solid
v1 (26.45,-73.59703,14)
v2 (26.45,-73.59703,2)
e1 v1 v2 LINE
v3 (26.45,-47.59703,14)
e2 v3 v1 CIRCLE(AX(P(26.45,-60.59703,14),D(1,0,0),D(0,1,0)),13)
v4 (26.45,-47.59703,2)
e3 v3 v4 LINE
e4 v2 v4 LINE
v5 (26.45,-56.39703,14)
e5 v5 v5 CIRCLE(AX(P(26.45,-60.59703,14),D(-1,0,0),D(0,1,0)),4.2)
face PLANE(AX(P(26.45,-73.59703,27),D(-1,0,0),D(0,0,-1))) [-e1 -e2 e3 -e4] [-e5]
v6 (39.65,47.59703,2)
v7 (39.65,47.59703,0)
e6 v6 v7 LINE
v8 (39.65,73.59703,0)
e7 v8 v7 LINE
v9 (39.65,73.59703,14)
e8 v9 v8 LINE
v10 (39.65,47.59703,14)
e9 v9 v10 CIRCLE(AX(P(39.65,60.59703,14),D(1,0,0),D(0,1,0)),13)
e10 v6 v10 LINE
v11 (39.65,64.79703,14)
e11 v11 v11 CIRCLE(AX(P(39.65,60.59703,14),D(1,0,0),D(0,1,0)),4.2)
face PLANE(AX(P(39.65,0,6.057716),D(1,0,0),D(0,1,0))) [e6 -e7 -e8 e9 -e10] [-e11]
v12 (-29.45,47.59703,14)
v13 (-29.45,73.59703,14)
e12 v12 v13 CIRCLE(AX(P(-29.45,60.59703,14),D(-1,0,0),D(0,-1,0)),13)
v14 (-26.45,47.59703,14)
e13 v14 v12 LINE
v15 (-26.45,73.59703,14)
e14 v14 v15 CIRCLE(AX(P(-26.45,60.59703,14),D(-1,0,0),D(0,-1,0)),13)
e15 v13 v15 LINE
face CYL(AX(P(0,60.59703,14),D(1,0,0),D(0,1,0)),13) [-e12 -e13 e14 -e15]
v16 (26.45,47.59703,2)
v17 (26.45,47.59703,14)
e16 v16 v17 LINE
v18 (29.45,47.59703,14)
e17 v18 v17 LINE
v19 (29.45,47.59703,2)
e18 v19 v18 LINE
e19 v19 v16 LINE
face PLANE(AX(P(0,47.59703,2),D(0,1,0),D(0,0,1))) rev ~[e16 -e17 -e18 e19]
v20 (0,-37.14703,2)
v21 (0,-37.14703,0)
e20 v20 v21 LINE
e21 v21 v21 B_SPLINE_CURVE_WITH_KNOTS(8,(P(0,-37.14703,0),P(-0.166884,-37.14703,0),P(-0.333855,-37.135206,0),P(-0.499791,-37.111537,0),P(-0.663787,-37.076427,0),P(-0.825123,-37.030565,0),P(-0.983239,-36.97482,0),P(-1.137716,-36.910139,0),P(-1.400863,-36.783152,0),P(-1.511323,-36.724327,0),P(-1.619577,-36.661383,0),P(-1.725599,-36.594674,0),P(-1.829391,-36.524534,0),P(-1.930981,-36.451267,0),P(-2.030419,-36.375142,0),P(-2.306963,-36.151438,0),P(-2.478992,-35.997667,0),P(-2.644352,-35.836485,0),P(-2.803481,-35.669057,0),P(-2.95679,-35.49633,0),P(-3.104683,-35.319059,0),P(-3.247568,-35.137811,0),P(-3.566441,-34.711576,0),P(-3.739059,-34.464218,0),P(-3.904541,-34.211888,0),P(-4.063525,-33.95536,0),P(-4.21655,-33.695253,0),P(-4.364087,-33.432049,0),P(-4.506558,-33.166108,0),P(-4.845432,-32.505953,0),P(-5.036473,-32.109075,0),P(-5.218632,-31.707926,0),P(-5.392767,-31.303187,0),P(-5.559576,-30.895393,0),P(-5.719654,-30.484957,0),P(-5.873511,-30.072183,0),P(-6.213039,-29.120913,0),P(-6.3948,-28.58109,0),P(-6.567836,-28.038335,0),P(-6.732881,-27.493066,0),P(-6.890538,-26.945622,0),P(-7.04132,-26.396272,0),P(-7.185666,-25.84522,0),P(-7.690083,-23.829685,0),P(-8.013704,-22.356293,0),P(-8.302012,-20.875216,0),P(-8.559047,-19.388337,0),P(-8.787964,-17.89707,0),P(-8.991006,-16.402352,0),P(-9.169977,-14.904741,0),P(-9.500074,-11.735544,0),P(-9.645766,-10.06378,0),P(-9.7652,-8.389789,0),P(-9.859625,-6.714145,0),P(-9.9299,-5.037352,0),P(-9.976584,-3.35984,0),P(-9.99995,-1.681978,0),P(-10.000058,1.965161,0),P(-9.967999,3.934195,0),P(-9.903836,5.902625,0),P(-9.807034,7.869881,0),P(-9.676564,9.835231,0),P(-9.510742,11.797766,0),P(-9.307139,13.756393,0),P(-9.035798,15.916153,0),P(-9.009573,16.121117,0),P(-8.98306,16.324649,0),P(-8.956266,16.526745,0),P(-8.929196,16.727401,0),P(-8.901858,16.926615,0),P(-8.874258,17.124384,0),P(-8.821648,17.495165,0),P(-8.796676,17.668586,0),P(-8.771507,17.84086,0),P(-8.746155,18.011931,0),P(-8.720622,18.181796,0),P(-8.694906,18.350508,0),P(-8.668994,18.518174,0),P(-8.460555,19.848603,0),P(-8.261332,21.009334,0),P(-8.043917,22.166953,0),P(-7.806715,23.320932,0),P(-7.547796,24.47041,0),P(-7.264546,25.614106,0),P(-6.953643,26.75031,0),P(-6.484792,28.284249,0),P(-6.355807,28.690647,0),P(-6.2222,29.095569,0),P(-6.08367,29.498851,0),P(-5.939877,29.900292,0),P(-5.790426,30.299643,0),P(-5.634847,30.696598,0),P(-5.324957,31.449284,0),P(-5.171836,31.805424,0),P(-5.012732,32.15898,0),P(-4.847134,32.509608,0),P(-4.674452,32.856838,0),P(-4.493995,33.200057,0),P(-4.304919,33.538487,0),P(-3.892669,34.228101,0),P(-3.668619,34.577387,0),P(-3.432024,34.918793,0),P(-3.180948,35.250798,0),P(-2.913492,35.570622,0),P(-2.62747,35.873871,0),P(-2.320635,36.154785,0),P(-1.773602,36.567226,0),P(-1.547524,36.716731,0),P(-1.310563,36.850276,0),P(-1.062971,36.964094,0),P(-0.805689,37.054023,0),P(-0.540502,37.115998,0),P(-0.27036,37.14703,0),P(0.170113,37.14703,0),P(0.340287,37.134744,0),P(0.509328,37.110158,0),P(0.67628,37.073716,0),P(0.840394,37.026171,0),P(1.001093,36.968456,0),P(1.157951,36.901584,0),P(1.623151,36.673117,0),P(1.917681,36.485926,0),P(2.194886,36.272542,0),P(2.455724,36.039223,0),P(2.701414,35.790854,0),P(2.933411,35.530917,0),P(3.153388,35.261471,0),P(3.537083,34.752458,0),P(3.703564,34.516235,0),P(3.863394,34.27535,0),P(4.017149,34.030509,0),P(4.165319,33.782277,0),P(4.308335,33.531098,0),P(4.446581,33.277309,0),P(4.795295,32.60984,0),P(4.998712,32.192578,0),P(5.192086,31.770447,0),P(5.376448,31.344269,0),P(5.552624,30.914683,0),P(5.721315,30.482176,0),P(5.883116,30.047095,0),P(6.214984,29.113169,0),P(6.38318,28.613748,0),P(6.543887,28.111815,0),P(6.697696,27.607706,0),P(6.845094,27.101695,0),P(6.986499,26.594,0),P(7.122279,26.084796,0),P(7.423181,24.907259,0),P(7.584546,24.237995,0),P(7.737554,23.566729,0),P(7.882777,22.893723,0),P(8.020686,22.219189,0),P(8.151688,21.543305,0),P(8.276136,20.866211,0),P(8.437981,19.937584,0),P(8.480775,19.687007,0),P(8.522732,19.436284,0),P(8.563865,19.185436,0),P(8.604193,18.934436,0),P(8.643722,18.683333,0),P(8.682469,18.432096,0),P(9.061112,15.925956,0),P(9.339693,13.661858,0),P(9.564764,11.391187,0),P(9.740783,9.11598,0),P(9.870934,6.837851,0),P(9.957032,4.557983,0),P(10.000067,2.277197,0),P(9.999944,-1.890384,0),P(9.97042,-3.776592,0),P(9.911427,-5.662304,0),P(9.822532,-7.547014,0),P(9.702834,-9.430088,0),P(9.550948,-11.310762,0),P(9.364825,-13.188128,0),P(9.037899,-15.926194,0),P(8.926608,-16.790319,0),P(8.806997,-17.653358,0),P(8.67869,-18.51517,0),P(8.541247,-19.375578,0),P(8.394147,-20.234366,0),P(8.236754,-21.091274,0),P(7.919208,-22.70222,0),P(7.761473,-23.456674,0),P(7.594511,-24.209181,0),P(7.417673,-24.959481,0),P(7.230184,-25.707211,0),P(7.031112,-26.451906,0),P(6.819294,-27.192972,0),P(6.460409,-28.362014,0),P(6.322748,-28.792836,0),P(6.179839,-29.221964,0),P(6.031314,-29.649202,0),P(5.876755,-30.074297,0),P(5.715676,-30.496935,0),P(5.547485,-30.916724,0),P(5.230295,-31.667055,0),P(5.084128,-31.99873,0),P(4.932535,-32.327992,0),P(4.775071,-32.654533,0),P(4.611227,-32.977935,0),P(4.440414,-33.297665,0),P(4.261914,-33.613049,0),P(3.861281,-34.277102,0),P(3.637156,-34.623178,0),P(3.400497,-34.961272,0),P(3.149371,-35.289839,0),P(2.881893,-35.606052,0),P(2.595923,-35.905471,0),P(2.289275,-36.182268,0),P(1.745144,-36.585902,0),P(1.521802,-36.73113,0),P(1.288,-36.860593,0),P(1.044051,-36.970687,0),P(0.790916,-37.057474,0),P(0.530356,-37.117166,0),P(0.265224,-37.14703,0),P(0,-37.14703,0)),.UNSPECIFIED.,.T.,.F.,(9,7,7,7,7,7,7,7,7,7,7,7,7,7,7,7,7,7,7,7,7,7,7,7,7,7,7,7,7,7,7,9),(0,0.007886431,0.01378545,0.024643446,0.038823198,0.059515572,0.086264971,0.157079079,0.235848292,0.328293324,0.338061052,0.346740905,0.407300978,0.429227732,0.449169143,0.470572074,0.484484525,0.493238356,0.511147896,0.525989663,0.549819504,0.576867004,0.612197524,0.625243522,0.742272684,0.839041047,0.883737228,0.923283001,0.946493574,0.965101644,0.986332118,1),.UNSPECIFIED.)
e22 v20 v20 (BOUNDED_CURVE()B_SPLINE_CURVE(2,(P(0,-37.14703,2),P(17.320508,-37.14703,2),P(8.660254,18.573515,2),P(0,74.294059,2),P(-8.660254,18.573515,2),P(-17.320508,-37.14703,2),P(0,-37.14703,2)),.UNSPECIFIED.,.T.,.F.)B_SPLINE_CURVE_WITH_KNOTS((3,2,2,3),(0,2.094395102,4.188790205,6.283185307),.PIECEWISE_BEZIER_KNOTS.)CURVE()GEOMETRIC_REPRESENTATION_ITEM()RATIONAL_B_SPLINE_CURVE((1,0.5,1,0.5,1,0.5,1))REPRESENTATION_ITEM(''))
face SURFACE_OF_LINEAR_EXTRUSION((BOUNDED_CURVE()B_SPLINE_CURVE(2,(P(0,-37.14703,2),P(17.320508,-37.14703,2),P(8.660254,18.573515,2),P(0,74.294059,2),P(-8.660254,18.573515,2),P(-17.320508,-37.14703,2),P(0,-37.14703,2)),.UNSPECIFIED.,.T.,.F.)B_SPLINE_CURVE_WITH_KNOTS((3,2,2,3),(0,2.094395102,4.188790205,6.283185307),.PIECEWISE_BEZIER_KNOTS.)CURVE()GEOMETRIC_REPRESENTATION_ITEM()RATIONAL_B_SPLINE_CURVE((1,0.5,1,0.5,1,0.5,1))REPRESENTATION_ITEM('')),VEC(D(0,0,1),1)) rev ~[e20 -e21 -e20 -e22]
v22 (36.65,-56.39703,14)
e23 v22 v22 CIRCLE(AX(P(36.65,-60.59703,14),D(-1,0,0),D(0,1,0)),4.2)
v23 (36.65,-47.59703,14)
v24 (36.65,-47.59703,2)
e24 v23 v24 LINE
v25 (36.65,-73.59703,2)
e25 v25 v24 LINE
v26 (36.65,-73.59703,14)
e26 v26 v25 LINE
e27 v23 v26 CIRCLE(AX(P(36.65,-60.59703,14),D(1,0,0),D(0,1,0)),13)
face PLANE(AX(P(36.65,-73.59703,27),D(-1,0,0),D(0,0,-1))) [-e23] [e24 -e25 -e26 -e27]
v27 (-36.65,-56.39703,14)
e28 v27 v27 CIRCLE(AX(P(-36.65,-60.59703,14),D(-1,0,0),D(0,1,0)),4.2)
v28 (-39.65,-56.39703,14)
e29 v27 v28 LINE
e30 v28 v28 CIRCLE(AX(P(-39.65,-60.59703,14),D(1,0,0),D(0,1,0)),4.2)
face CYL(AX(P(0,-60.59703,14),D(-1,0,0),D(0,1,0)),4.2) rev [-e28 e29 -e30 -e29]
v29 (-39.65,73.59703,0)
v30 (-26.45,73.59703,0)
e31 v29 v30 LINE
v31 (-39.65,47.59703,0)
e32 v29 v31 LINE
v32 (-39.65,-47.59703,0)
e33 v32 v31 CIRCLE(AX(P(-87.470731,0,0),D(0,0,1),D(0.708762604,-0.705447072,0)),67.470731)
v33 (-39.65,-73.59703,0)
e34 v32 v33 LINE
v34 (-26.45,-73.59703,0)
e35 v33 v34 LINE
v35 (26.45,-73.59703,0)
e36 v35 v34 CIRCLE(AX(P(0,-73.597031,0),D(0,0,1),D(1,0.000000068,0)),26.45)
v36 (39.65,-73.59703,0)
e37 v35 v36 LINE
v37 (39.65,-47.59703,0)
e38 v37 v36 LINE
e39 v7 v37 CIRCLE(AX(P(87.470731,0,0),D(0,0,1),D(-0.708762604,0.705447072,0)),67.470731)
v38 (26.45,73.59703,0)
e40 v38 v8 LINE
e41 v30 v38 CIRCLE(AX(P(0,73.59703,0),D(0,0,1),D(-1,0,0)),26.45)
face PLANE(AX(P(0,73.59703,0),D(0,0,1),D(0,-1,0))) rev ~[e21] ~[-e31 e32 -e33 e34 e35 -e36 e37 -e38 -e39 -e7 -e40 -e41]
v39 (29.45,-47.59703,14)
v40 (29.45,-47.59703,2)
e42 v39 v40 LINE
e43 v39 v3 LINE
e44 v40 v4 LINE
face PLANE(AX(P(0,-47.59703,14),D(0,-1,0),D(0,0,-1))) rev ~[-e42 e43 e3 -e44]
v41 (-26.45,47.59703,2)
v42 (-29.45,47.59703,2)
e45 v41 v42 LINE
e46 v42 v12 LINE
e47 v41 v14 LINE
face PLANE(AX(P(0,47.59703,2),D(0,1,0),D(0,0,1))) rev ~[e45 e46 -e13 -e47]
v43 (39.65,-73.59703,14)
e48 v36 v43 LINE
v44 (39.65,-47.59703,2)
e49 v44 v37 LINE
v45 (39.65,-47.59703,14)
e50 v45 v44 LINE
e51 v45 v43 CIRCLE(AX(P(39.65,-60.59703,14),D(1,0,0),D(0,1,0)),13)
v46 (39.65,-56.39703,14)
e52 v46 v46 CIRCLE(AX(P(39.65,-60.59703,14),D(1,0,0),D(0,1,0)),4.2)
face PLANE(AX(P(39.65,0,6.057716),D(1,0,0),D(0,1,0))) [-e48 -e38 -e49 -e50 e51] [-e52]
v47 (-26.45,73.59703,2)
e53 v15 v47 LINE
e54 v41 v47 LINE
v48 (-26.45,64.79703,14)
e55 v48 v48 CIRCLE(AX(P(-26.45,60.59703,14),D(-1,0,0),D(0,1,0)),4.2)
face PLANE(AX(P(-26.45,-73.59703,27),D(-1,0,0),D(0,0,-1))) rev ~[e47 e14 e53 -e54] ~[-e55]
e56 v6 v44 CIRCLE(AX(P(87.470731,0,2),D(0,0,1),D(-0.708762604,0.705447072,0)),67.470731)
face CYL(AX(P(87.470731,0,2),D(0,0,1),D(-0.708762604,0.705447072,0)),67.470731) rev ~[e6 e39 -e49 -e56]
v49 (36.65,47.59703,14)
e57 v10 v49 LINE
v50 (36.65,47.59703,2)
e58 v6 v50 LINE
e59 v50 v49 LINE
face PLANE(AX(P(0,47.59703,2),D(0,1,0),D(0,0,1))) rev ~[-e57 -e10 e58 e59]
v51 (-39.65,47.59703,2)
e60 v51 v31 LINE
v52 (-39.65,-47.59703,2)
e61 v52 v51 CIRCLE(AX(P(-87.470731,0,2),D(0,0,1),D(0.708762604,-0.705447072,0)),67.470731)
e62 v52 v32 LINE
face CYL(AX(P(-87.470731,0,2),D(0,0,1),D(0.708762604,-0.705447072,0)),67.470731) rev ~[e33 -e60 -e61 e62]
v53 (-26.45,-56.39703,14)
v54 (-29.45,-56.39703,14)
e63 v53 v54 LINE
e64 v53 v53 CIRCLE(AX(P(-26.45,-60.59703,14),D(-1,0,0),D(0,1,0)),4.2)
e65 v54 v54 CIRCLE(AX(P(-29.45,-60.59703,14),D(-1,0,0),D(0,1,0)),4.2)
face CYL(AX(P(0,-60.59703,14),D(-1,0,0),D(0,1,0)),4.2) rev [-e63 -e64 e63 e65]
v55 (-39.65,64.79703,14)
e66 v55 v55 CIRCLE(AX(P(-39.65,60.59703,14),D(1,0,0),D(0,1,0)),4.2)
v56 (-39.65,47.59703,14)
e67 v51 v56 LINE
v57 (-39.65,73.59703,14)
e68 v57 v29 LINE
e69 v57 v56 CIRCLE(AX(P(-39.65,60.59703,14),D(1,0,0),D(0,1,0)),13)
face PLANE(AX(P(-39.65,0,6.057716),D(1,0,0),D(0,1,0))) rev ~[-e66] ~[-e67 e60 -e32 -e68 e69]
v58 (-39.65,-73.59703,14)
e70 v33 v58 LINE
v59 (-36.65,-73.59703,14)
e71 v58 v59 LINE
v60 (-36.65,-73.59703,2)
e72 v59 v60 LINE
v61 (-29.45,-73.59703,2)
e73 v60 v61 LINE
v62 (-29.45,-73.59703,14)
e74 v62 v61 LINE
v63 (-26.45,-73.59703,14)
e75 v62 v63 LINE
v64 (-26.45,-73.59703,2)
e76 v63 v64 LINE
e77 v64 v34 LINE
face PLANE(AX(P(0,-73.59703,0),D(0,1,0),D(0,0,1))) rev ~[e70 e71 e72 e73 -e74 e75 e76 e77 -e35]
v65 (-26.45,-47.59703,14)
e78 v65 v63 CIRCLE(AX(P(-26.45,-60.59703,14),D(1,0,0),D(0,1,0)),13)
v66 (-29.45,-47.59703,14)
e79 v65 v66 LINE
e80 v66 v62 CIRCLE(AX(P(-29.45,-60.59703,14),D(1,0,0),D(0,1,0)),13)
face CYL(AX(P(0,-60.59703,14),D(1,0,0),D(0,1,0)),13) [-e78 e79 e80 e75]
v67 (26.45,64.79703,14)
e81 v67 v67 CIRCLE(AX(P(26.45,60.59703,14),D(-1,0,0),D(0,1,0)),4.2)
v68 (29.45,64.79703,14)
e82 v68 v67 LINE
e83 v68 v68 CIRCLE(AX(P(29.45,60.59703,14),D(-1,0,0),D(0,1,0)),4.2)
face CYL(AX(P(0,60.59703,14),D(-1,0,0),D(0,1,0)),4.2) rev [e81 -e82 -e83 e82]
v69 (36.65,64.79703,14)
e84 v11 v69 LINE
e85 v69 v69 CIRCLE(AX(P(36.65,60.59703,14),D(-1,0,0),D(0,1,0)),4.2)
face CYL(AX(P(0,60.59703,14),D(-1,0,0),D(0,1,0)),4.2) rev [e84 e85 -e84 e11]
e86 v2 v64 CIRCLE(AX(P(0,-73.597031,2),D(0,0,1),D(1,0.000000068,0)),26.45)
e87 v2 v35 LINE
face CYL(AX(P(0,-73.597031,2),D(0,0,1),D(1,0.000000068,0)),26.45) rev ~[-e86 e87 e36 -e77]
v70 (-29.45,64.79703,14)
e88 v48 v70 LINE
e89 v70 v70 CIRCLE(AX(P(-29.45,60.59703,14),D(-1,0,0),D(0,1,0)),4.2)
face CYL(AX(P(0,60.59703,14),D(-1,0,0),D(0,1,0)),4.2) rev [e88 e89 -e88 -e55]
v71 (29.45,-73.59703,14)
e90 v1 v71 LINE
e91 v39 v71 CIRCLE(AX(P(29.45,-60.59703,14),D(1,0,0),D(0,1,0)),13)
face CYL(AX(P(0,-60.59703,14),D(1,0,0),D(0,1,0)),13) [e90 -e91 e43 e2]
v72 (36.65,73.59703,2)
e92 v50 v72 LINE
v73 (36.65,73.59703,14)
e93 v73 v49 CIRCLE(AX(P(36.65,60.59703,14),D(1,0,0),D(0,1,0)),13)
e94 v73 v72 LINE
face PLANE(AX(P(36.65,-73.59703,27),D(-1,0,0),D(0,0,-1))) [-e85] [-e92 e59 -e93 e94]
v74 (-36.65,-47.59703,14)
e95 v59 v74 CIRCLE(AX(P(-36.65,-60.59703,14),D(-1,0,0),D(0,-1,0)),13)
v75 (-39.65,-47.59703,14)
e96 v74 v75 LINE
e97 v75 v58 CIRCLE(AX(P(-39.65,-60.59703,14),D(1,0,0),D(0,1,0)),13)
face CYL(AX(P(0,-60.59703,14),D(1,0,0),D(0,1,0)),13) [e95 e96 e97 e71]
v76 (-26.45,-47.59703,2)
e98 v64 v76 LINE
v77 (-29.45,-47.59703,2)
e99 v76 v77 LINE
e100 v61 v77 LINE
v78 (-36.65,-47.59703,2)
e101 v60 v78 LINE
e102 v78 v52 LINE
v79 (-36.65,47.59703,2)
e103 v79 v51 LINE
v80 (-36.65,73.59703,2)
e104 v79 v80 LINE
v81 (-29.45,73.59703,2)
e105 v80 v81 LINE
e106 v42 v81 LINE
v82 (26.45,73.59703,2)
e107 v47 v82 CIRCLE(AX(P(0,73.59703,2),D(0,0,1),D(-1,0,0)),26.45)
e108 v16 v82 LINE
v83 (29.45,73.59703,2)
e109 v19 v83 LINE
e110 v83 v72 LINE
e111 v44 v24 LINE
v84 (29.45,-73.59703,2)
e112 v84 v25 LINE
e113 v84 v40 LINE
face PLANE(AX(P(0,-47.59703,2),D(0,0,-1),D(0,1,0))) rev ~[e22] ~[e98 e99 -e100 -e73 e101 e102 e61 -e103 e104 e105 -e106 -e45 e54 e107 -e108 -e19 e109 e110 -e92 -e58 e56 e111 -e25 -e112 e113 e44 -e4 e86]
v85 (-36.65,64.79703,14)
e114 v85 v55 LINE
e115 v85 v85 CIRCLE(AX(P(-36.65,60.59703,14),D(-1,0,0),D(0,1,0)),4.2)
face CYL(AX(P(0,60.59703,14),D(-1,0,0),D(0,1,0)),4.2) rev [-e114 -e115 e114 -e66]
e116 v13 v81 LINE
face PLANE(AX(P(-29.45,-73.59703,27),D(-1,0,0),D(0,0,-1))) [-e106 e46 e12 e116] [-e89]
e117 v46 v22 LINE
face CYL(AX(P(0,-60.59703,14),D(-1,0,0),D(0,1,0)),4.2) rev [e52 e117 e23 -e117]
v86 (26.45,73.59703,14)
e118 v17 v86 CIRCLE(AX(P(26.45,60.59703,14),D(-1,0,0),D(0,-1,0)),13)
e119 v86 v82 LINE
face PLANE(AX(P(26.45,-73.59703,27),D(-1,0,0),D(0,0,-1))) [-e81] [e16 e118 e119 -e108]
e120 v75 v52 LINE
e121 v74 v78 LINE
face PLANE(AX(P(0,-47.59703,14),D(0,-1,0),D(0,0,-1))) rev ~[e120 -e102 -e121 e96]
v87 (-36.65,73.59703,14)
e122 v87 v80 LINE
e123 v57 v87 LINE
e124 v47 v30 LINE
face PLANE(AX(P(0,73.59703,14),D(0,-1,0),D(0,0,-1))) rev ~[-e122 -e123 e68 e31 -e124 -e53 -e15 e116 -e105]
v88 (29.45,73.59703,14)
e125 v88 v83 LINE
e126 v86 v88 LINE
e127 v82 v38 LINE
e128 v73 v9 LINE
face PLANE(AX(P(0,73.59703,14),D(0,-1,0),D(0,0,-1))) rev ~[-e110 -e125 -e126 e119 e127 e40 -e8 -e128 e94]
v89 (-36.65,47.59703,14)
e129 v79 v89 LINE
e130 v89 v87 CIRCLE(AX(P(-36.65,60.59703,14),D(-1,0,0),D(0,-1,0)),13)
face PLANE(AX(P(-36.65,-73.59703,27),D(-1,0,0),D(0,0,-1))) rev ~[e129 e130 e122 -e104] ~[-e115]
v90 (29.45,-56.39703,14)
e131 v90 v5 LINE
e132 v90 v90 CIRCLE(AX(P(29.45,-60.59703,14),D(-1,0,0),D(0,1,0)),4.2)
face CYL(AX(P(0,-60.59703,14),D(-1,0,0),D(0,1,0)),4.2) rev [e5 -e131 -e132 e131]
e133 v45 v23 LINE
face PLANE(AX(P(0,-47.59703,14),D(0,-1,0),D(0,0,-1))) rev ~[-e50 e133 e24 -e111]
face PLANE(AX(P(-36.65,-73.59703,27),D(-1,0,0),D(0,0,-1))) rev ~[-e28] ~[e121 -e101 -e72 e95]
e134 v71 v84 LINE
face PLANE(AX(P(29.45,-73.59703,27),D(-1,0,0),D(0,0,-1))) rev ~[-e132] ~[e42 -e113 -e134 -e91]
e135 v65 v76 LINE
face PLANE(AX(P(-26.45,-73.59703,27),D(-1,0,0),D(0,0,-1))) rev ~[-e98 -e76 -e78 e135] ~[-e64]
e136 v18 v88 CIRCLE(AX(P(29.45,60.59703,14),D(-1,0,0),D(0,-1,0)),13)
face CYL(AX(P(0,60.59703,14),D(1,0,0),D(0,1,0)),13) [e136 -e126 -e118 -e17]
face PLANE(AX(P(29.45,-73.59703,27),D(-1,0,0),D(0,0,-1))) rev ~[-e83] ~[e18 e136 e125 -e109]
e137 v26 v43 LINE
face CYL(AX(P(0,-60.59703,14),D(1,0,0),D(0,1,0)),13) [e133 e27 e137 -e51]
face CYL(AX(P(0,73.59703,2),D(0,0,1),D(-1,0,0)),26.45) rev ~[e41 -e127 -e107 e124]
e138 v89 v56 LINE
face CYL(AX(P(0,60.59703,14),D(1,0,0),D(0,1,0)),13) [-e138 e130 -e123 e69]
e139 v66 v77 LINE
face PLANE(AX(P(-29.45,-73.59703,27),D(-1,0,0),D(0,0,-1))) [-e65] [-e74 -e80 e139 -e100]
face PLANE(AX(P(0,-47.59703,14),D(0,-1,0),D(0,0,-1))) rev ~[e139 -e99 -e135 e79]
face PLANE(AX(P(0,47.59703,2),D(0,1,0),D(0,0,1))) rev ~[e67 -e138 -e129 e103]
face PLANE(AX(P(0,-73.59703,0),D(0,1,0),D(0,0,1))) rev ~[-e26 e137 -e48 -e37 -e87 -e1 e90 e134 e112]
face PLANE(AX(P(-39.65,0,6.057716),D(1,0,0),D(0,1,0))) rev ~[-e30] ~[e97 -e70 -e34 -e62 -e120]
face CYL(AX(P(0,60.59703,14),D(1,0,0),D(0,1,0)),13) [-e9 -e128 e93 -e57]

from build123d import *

# Parameters (mm, degrees)
SKETCH_R        = 4.2
PAD_DEPTH       = 39.65
SKETCH001_W     = 25
SKETCH001_H     = 52.9
SKETCH001_H_2   = 7.2
POCKET_DEPTH    = 147.1950592603
POCKET001_DEPTH = 2.001


with BuildPart() as part:
    # Sketch → Pad (new body, symmetric)
    with BuildSketch(Plane.YZ):
        with BuildLine():
            ThreePointArc((-47.5970296302, 14), (-60.5970296302, 27), (-73.5970296302, 14))
            Line((-73.5970296302, 0), (-73.5970296302, 14))
            Line((73.5970296302, 0), (-73.5970296302, 0))
            Line((73.5970296302, 14), (73.5970296302, 0))
            ThreePointArc((73.5970296302, 14), (60.5970296302, 27), (47.5970296302, 14))
            Line((47.5970296302, 2), (47.5970296302, 14))
            Line((-47.5970296302, 2), (47.5970296302, 2))
            Line((-47.5970296302, 14), (-47.5970296302, 2))
        make_face()
        with Locations((60.5970296302, 14)):
            Circle(SKETCH_R, mode=Mode.SUBTRACT)
        with Locations((-60.5970296302, 14)):
            Circle(SKETCH_R, mode=Mode.SUBTRACT)
    extrude(amount=PAD_DEPTH, both=True)

    # Sketch001 (on Face2 of Pad) → Pocket (cut, through all)
    with BuildSketch(Plane(origin=(0, -73.5970296302, 0), x_dir=(0, 0, -1), z_dir=(0, -1, 0))):
        with Locations((-14.5, 0)):
            Rectangle(SKETCH001_W, SKETCH001_H)
        with Locations((-14.5, 33.05)):
            Rectangle(SKETCH001_W, SKETCH001_H_2)
        with Locations((-14.5, -33.05)):
            Rectangle(SKETCH001_W, SKETCH001_H_2)
    extrude(amount=-POCKET_DEPTH, mode=Mode.SUBTRACT)

    # Sketch002 (on Face42 of Pocket) → Pocket001 (cut, through all)
    with BuildSketch(Plane(origin=(0, 0, 2), x_dir=(0, -1, 0), z_dir=(0, 0, 1))):
        with BuildLine():
            Line((-73.5970296302, 26.45), (-73.5970296302, -26.45))
            ThreePointArc((-73.5970296302, -26.45), (-47.1470296302, 0), (-73.5970296302, 26.45))
        make_face()
        with BuildLine():
            Line((-47.5970296302, -39.65), (47.5970296302, -39.65))
            ThreePointArc((47.5970296302, -39.65), (0, -20), (-47.5970296302, -39.65))
        make_face()
        with BuildLine():
            Line((73.5970296302, -26.45), (73.5970296302, 26.45))
            ThreePointArc((73.5970296302, 26.45), (47.1470314394, 0), (73.5970296302, -26.45))
        make_face()
        with BuildLine():
            Line((47.5970296302, 39.65), (-47.5970296302, 39.65))
            ThreePointArc((-47.5970296302, 39.65), (0, 20), (47.5970296302, 39.65))
        make_face()
        with BuildLine():
            add(Edge.make_bspline(
                [(37.1470296302, 0), (37.1470296302, 17.3205080757), (-18.5735148151, 8.6602540378), (-74.2940592603, 0), (-18.5735148151, -8.6602540378), (37.1470296302, -17.3205080757), (37.1470296302, 0)],
                knots=[0, 0, 0, 2.0943951024, 2.0943951024, 4.1887902048, 4.1887902048, 6.2831853072, 6.2831853072, 6.2831853072], degree=2, weights=[1, 0.5, 1, 0.5, 1, 0.5, 1]))
        make_face()
    extrude(amount=-POCKET001_DEPTH, mode=Mode.SUBTRACT)


solid = part.part
